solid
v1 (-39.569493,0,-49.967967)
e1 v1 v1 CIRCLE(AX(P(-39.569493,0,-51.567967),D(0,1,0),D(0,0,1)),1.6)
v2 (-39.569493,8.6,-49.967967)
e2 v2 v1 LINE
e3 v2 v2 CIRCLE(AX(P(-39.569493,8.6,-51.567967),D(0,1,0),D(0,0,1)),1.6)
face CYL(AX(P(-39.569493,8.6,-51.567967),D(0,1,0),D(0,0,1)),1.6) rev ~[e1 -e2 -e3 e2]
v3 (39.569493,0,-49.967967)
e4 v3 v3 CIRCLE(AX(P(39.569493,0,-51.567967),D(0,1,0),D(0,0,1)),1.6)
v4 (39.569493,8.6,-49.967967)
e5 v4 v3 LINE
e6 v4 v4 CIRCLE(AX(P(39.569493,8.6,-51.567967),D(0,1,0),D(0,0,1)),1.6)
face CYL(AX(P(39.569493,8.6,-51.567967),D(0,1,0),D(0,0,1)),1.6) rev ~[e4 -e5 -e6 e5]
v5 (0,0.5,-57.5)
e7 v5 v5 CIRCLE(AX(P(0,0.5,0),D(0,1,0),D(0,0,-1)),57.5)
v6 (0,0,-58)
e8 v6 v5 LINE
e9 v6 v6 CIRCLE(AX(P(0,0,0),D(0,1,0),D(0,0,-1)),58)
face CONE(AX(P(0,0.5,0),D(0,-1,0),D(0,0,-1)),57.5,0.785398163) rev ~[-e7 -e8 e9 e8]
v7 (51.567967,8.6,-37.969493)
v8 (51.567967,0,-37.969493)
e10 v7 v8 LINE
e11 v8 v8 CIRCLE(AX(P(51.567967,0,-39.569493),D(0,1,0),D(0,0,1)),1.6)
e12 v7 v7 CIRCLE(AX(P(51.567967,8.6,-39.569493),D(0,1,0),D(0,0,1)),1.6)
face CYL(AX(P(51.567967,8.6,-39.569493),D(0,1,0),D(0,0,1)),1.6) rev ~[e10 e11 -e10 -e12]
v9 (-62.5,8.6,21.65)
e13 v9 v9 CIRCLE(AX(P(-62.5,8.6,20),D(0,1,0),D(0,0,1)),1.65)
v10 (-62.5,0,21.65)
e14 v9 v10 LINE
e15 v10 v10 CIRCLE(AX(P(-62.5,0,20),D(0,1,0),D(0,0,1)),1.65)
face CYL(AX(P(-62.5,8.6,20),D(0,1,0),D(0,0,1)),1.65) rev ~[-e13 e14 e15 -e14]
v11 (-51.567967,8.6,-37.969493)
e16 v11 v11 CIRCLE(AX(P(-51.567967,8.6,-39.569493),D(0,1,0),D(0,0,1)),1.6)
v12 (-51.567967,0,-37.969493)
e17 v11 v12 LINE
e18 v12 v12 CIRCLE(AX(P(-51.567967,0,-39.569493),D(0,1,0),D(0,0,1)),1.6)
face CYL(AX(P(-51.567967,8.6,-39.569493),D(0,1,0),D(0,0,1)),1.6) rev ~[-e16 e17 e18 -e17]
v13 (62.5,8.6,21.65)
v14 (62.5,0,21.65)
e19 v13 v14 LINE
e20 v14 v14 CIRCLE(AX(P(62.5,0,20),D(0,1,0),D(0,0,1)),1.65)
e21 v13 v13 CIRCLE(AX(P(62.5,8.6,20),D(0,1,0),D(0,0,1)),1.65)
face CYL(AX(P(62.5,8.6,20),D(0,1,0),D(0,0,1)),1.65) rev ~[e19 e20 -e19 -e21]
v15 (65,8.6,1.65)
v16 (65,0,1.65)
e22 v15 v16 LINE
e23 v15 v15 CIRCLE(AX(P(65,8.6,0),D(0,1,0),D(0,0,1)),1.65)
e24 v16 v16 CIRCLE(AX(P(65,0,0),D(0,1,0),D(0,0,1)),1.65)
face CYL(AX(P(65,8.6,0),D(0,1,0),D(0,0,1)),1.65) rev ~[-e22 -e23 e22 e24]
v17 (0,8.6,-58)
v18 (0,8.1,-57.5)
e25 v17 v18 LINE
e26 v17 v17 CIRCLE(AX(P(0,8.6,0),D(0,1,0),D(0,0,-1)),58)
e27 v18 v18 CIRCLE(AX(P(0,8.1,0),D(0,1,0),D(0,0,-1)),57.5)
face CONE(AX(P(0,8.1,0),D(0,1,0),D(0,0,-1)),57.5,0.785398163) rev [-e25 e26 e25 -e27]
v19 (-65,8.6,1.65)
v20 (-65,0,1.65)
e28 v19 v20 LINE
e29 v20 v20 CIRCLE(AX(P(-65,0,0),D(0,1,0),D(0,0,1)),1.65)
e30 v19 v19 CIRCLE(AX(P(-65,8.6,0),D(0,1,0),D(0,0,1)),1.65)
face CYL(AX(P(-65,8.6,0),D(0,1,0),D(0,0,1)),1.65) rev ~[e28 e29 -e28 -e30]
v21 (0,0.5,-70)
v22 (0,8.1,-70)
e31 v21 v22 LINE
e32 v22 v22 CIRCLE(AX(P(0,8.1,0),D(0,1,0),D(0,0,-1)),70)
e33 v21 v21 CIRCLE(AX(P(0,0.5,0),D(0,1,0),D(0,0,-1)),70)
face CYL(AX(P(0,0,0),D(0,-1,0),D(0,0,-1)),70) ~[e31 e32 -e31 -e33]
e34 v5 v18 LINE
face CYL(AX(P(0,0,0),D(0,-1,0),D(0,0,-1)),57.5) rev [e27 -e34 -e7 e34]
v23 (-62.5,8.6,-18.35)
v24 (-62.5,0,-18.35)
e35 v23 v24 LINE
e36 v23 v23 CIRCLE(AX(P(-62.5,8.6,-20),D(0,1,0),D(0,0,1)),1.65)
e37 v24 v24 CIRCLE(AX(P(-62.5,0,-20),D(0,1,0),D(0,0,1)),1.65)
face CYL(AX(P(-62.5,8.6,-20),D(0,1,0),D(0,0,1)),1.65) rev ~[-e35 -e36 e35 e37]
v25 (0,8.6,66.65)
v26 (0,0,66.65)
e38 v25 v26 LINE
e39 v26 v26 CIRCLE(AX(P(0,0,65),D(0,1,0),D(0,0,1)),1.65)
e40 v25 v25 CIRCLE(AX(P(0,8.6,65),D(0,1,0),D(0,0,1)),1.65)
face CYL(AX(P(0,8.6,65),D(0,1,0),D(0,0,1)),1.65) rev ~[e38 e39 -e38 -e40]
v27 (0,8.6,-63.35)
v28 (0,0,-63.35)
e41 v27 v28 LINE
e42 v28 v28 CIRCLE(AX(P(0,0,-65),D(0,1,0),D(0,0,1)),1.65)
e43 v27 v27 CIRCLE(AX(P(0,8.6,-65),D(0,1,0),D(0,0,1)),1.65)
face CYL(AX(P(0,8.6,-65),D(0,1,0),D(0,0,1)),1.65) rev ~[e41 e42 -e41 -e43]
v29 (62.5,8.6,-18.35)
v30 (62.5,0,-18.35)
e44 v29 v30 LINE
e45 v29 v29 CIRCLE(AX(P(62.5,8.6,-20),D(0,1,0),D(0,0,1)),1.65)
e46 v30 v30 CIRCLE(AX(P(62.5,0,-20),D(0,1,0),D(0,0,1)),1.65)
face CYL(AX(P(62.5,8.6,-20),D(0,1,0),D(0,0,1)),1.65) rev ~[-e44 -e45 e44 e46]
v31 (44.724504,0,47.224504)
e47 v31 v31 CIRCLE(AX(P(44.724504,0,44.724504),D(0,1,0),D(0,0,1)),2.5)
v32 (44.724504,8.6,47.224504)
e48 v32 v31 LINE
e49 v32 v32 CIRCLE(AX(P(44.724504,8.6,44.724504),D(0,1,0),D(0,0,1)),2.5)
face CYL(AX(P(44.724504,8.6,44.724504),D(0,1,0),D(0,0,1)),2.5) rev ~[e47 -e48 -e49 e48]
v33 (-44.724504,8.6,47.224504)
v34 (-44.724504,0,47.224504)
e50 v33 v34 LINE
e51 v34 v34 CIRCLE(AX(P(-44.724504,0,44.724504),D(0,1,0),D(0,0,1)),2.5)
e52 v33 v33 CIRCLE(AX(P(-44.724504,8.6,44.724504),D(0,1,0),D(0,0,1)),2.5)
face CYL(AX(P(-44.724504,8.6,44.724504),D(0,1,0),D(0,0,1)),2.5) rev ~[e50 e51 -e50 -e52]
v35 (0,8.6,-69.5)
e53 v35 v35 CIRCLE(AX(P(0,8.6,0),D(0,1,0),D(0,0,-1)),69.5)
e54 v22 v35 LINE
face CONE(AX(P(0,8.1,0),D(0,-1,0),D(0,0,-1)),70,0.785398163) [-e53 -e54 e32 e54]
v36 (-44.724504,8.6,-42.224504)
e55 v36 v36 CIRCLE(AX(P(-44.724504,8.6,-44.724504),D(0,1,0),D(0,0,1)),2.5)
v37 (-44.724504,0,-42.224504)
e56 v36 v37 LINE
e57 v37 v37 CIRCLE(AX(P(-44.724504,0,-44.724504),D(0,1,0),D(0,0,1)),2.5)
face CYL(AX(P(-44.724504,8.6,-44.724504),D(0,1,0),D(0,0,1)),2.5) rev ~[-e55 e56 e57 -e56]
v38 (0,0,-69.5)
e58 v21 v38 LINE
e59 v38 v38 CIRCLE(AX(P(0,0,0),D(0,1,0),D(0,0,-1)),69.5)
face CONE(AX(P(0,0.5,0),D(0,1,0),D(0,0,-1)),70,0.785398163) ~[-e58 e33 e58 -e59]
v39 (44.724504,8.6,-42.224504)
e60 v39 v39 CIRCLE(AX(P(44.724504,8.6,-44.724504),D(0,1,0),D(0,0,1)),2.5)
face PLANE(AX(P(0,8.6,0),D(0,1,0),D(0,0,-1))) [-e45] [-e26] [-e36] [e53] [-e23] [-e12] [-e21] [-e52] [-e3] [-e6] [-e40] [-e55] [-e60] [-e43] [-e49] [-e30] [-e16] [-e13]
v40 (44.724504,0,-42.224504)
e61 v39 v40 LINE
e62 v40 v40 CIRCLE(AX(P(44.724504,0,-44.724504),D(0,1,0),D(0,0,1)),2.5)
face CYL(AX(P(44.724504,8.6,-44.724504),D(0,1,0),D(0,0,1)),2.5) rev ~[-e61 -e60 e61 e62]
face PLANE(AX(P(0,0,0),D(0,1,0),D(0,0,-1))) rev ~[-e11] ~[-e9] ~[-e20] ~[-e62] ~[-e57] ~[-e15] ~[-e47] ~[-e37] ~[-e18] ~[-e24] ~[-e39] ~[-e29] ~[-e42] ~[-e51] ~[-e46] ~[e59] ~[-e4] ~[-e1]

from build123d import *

# Parameters (mm, degrees)
SKETCH_1_R          = 70
SKETCH_1_R_2        = 57.5
EXTRUDE_1_DEPTH     = 8.6
SKETCH_2_R          = 2.5
CUT_EXTRUDE_1_DEPTH = 100.367801626
CHAMFER_1_SIZE      = 0.5
SKETCH_3_R          = 1.65
CUT_EXTRUDE_2_DEPTH = 100.367801626
SKETCH_4_R          = 1.6
CUT_EXTRUDE_3_DEPTH = 100.367801626


with BuildPart() as part:
    # ｽｹｯﾁ1 → ﾎﾞｽ - 押し出し1 (new body)
    with BuildSketch(Plane(origin=(0, 0, 0), x_dir=(1, 0, 0), z_dir=(0, 1, 0))):
        with Locations(Location((0, 0, 0), (0, 0, 90))):
            Circle(SKETCH_1_R)
        with Locations(Location((0, 0, 0), (0, 0, 90))):
            Circle(SKETCH_1_R_2, mode=Mode.SUBTRACT)
    extrude(amount=EXTRUDE_1_DEPTH)

    # ｽｹｯﾁ2 → ｶｯﾄ - 押し出し1 (cut, through all)
    with BuildSketch(Plane(origin=(0, 8.6, 0), x_dir=(1, 0, 0), z_dir=(0, 1, 0))):
        with Locations(Location((-44.72450391, 44.72450391, 0), (0, 0, 270))):
            Circle(SKETCH_2_R)
        with Locations(Location((44.72450391, 44.72450391, 0), (0, 0, 270))):
            Circle(SKETCH_2_R)
        with Locations(Location((44.72450391, -44.72450391, 0), (0, 0, 270))):
            Circle(SKETCH_2_R)
        with Locations(Location((-44.72450391, -44.72450391, 0), (0, 0, 270))):
            Circle(SKETCH_2_R)
    extrude(amount=-CUT_EXTRUDE_1_DEPTH, mode=Mode.SUBTRACT)

    # 面取り1
    chamfer_1_edges = [part.edges().sort_by_distance(p)[0] for p in [
        (0, 0, 70),
        (0, 8.6, 70),
        (0, 0, 57.5),
        (0, 8.6, 57.5),
    ]]
    chamfer(chamfer_1_edges, length=CHAMFER_1_SIZE)

    # ｽｹｯﾁ3 → ｶｯﾄ - 押し出し2 (cut, through all)
    with BuildSketch(Plane(origin=(0, 8.6, 0), x_dir=(1, 0, 0), z_dir=(0, 1, 0))):
        with Locations(Location((65, 0, 0), (0, 0, 270))):
            Circle(SKETCH_3_R)
        with Locations(Location((0, -65, 0), (0, 0, 270))):
            Circle(SKETCH_3_R)
        with Locations(Location((-65, 0, 0), (0, 0, 270))):
            Circle(SKETCH_3_R)
        with Locations(Location((0, 65, 0), (0, 0, 270))):
            Circle(SKETCH_3_R)
        with Locations(Location((-62.5, 20, 0), (0, 0, 270))):
            Circle(SKETCH_3_R)
        with Locations(Location((62.5, 20, 0), (0, 0, 270))):
            Circle(SKETCH_3_R)
        with Locations(Location((62.5, -20, 0), (0, 0, 270))):
            Circle(SKETCH_3_R)
        with Locations(Location((-62.5, -20, 0), (0, 0, 270))):
            Circle(SKETCH_3_R)
    extrude(amount=-CUT_EXTRUDE_2_DEPTH, mode=Mode.SUBTRACT)

    # ｽｹｯﾁ4 → ｶｯﾄ - 押し出し3 (cut, through all)
    with BuildSketch(Plane(origin=(0, 8.6, 0), x_dir=(1, 0, 0), z_dir=(0, 1, 0))):
        with Locations(Location((51.567967119, 39.569492886, 0), (0, 0, 270))):
            Circle(SKETCH_4_R)
        with Locations(Location((39.569492886, 51.567967119, 0), (0, 0, 270))):
            Circle(SKETCH_4_R)
        with Locations(Location((-39.569492886, 51.567967119, 0), (0, 0, 270))):
            Circle(SKETCH_4_R)
        with Locations(Location((-51.567967119, 39.569492886, 0), (0, 0, 270))):
            Circle(SKETCH_4_R)
    extrude(amount=-CUT_EXTRUDE_3_DEPTH, mode=Mode.SUBTRACT)


solid = part.part
